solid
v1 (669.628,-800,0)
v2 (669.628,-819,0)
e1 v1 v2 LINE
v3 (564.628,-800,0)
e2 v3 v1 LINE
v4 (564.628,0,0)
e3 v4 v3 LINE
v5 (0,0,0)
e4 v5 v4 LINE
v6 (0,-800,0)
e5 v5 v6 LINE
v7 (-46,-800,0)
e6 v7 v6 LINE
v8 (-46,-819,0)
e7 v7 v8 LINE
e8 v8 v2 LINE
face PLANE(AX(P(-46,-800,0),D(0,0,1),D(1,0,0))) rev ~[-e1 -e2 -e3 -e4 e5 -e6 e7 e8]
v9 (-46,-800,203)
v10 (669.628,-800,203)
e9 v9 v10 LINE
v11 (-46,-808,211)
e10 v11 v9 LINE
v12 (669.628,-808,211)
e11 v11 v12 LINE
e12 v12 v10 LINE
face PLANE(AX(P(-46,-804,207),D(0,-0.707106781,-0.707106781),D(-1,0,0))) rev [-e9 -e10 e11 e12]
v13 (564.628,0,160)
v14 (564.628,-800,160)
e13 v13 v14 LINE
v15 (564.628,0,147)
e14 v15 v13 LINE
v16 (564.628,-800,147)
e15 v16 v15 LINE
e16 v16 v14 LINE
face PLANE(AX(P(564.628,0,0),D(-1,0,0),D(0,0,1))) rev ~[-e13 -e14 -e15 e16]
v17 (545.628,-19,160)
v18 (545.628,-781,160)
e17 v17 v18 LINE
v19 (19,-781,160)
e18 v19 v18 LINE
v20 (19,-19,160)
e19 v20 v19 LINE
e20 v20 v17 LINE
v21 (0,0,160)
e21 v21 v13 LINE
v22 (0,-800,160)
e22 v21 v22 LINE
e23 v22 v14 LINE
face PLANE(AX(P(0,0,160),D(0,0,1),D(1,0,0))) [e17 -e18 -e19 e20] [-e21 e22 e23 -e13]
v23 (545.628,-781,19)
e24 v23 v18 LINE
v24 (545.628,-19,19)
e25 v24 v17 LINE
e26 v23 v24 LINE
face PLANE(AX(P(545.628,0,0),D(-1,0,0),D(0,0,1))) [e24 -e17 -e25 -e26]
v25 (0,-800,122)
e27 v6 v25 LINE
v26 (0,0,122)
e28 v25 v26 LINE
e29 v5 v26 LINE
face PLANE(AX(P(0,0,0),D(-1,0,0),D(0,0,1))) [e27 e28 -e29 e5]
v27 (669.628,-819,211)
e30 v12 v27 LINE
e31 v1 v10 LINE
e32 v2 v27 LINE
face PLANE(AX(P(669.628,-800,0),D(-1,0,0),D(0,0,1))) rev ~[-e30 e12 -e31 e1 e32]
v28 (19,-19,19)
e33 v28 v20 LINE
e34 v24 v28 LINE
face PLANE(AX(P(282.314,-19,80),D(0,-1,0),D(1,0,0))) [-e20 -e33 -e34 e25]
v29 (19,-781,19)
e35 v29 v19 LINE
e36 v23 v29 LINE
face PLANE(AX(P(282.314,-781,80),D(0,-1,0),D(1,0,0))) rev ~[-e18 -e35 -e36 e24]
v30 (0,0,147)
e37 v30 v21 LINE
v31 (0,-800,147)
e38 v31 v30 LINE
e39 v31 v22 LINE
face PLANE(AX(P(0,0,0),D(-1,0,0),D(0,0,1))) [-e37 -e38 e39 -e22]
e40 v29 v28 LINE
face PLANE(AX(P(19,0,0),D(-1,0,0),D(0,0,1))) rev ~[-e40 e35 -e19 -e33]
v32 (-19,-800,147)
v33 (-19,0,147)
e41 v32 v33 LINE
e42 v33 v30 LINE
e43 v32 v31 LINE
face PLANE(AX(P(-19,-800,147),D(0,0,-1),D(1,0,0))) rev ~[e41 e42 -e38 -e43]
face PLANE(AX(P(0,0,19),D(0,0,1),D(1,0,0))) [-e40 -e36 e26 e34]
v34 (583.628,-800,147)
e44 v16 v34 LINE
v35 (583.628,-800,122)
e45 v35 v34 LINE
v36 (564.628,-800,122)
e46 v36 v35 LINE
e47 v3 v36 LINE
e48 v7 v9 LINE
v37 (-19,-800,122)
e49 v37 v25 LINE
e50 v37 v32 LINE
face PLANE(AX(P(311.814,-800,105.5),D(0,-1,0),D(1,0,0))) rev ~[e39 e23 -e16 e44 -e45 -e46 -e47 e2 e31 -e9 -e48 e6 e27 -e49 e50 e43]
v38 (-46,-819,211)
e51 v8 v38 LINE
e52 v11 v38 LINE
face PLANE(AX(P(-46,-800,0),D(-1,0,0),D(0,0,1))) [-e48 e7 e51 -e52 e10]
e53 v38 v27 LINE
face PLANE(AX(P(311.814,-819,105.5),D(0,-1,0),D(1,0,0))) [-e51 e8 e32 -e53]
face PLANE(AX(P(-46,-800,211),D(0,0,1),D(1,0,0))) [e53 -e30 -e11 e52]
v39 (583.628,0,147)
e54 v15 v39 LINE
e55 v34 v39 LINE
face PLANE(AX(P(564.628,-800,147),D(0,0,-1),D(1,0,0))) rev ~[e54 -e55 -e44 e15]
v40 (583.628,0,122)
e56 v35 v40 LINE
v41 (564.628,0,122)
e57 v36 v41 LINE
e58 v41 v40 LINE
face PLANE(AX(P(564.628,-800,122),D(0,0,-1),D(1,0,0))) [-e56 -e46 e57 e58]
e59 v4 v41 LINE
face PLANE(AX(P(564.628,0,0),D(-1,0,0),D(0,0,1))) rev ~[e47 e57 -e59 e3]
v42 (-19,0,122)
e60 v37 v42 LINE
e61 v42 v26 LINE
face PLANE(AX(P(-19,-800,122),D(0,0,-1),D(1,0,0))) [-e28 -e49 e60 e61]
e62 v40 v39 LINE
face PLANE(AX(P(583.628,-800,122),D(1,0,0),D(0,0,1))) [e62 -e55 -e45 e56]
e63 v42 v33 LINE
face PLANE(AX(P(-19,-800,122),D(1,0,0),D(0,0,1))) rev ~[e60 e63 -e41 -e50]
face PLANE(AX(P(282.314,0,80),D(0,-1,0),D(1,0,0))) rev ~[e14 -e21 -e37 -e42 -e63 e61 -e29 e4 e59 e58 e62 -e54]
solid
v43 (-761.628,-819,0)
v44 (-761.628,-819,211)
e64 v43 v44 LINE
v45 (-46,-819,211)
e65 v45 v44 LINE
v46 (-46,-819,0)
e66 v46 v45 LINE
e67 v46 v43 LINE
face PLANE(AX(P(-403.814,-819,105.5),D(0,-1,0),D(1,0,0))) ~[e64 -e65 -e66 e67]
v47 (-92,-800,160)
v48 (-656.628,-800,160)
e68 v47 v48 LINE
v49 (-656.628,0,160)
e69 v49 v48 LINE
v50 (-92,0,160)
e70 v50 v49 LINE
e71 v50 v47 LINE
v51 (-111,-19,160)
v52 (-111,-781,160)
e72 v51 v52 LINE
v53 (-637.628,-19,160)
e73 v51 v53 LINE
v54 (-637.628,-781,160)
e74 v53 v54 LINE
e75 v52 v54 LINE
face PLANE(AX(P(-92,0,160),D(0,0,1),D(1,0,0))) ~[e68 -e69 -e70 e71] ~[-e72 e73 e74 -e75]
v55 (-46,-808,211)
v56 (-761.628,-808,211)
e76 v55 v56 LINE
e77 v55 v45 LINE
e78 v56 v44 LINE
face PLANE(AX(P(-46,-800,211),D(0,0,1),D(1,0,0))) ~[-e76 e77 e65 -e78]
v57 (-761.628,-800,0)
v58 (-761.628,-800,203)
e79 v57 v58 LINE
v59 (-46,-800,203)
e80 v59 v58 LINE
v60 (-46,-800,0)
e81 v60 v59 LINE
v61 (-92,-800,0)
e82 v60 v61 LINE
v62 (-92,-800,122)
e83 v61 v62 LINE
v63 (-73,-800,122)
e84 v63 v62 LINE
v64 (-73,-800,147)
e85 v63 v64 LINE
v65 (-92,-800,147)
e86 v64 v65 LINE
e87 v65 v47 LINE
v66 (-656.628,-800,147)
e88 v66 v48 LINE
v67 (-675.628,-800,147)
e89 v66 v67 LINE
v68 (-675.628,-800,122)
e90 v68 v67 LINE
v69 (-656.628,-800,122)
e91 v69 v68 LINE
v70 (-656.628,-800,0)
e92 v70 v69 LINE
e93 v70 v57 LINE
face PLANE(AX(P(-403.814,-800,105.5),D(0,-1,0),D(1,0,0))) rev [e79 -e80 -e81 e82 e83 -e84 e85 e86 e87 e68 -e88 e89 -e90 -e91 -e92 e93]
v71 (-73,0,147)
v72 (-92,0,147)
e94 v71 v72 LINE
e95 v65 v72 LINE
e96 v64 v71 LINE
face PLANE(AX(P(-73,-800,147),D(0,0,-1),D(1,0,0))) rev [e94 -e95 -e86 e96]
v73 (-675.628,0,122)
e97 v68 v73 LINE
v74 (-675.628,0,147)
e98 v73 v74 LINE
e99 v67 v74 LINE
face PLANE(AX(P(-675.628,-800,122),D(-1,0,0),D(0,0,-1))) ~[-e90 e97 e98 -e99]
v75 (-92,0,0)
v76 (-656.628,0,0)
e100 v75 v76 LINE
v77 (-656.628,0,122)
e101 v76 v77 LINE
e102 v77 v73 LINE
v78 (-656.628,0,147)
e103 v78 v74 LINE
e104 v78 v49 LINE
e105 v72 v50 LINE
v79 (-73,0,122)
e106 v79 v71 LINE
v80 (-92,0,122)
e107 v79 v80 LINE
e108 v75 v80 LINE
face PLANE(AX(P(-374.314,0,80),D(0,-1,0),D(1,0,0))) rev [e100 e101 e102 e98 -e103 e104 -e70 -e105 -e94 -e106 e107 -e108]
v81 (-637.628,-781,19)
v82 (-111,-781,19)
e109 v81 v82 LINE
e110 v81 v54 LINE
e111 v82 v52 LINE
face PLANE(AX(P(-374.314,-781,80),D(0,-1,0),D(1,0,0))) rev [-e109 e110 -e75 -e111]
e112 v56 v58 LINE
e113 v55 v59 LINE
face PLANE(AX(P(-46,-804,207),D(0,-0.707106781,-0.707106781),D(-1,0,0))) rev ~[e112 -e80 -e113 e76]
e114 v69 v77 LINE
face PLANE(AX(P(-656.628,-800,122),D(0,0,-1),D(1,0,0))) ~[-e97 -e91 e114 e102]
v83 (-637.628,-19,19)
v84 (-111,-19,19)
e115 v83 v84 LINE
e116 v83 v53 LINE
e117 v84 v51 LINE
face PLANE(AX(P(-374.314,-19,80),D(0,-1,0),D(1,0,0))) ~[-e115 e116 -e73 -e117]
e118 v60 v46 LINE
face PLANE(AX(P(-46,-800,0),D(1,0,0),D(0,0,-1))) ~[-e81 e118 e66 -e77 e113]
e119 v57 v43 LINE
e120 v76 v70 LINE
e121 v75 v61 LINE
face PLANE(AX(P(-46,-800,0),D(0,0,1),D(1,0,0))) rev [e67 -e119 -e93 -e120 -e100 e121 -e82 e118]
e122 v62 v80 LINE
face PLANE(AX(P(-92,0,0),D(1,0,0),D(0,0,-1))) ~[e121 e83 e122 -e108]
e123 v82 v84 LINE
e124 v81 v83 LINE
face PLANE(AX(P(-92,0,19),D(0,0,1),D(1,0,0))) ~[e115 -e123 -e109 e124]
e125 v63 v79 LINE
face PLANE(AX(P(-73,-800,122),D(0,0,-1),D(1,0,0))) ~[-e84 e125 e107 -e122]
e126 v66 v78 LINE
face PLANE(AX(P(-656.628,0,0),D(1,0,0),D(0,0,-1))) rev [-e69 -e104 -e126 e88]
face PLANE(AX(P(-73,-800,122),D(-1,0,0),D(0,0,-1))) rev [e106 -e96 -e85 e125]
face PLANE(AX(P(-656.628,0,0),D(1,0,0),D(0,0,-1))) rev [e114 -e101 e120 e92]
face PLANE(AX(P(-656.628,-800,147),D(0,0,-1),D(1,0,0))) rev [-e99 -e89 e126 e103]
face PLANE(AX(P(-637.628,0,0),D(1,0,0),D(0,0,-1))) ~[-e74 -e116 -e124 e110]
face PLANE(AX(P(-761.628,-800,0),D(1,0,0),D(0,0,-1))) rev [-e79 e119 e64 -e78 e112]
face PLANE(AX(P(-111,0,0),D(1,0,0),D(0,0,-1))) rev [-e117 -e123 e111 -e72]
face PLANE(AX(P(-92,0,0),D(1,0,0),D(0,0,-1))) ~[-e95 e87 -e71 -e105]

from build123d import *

# Parameters (mm, degrees)
F0_W     = 564.628
F0_H     = 160
F1_DEPTH = 800
F2_T     = -19
F3_W     = 19
F3_H     = 25
F4_DEPTH = 800
F6_W     = 715.628
F6_H     = 211
F7_DEPTH = 19
F9_SIZE  = 8


with BuildPart() as f1:
    # F0 (on Front) → F1 (new body)
    with BuildSketch(Plane.XZ):
        with Locations((282.314, 80)):
            Rectangle(F0_W, F0_H)
    extrude(amount=F1_DEPTH)

    # F2
    f2_openings = [f1.faces().sort_by_distance(p)[0] for p in [
        (282.314, -400, 160),
    ]]
    offset(amount=F2_T, openings=f2_openings)


with BuildPart() as f4:
    # F3 (on face) → F4 (new body)
    with BuildSketch(Plane.XZ.offset(800)):
        with Locations((-9.5, 134.5)):
            Rectangle(F3_W, F3_H)
        with Locations((574.128, 134.5)):
            Rectangle(F3_W, F3_H)
    extrude(amount=-F4_DEPTH)


with BuildPart() as f1_1:
    add(f1.part)

    # F5: union F4
    add(f4.part)

    # F6 (on face) → F7 (join)
    with BuildSketch(Plane.XZ.offset(800)):
        with Locations((311.814, 105.5)):
            Rectangle(F6_W, F6_H)
    extrude(amount=F7_DEPTH)

    # F9
    f9_edges = [f1_1.edges().sort_by_distance(p)[0] for p in [
        (311.814, -800, 211),
    ]]
    chamfer(f9_edges, length=F9_SIZE)


with BuildPart() as f10_1:
    # F10: instance of F1
    add(f1_1.part.mirror(Plane(origin=(-46, -809.554983, 104.672576), x_dir=(0, -1, 0), z_dir=(-1, 0, 0))))


solid = Compound([f1_1.part, f10_1.part])
